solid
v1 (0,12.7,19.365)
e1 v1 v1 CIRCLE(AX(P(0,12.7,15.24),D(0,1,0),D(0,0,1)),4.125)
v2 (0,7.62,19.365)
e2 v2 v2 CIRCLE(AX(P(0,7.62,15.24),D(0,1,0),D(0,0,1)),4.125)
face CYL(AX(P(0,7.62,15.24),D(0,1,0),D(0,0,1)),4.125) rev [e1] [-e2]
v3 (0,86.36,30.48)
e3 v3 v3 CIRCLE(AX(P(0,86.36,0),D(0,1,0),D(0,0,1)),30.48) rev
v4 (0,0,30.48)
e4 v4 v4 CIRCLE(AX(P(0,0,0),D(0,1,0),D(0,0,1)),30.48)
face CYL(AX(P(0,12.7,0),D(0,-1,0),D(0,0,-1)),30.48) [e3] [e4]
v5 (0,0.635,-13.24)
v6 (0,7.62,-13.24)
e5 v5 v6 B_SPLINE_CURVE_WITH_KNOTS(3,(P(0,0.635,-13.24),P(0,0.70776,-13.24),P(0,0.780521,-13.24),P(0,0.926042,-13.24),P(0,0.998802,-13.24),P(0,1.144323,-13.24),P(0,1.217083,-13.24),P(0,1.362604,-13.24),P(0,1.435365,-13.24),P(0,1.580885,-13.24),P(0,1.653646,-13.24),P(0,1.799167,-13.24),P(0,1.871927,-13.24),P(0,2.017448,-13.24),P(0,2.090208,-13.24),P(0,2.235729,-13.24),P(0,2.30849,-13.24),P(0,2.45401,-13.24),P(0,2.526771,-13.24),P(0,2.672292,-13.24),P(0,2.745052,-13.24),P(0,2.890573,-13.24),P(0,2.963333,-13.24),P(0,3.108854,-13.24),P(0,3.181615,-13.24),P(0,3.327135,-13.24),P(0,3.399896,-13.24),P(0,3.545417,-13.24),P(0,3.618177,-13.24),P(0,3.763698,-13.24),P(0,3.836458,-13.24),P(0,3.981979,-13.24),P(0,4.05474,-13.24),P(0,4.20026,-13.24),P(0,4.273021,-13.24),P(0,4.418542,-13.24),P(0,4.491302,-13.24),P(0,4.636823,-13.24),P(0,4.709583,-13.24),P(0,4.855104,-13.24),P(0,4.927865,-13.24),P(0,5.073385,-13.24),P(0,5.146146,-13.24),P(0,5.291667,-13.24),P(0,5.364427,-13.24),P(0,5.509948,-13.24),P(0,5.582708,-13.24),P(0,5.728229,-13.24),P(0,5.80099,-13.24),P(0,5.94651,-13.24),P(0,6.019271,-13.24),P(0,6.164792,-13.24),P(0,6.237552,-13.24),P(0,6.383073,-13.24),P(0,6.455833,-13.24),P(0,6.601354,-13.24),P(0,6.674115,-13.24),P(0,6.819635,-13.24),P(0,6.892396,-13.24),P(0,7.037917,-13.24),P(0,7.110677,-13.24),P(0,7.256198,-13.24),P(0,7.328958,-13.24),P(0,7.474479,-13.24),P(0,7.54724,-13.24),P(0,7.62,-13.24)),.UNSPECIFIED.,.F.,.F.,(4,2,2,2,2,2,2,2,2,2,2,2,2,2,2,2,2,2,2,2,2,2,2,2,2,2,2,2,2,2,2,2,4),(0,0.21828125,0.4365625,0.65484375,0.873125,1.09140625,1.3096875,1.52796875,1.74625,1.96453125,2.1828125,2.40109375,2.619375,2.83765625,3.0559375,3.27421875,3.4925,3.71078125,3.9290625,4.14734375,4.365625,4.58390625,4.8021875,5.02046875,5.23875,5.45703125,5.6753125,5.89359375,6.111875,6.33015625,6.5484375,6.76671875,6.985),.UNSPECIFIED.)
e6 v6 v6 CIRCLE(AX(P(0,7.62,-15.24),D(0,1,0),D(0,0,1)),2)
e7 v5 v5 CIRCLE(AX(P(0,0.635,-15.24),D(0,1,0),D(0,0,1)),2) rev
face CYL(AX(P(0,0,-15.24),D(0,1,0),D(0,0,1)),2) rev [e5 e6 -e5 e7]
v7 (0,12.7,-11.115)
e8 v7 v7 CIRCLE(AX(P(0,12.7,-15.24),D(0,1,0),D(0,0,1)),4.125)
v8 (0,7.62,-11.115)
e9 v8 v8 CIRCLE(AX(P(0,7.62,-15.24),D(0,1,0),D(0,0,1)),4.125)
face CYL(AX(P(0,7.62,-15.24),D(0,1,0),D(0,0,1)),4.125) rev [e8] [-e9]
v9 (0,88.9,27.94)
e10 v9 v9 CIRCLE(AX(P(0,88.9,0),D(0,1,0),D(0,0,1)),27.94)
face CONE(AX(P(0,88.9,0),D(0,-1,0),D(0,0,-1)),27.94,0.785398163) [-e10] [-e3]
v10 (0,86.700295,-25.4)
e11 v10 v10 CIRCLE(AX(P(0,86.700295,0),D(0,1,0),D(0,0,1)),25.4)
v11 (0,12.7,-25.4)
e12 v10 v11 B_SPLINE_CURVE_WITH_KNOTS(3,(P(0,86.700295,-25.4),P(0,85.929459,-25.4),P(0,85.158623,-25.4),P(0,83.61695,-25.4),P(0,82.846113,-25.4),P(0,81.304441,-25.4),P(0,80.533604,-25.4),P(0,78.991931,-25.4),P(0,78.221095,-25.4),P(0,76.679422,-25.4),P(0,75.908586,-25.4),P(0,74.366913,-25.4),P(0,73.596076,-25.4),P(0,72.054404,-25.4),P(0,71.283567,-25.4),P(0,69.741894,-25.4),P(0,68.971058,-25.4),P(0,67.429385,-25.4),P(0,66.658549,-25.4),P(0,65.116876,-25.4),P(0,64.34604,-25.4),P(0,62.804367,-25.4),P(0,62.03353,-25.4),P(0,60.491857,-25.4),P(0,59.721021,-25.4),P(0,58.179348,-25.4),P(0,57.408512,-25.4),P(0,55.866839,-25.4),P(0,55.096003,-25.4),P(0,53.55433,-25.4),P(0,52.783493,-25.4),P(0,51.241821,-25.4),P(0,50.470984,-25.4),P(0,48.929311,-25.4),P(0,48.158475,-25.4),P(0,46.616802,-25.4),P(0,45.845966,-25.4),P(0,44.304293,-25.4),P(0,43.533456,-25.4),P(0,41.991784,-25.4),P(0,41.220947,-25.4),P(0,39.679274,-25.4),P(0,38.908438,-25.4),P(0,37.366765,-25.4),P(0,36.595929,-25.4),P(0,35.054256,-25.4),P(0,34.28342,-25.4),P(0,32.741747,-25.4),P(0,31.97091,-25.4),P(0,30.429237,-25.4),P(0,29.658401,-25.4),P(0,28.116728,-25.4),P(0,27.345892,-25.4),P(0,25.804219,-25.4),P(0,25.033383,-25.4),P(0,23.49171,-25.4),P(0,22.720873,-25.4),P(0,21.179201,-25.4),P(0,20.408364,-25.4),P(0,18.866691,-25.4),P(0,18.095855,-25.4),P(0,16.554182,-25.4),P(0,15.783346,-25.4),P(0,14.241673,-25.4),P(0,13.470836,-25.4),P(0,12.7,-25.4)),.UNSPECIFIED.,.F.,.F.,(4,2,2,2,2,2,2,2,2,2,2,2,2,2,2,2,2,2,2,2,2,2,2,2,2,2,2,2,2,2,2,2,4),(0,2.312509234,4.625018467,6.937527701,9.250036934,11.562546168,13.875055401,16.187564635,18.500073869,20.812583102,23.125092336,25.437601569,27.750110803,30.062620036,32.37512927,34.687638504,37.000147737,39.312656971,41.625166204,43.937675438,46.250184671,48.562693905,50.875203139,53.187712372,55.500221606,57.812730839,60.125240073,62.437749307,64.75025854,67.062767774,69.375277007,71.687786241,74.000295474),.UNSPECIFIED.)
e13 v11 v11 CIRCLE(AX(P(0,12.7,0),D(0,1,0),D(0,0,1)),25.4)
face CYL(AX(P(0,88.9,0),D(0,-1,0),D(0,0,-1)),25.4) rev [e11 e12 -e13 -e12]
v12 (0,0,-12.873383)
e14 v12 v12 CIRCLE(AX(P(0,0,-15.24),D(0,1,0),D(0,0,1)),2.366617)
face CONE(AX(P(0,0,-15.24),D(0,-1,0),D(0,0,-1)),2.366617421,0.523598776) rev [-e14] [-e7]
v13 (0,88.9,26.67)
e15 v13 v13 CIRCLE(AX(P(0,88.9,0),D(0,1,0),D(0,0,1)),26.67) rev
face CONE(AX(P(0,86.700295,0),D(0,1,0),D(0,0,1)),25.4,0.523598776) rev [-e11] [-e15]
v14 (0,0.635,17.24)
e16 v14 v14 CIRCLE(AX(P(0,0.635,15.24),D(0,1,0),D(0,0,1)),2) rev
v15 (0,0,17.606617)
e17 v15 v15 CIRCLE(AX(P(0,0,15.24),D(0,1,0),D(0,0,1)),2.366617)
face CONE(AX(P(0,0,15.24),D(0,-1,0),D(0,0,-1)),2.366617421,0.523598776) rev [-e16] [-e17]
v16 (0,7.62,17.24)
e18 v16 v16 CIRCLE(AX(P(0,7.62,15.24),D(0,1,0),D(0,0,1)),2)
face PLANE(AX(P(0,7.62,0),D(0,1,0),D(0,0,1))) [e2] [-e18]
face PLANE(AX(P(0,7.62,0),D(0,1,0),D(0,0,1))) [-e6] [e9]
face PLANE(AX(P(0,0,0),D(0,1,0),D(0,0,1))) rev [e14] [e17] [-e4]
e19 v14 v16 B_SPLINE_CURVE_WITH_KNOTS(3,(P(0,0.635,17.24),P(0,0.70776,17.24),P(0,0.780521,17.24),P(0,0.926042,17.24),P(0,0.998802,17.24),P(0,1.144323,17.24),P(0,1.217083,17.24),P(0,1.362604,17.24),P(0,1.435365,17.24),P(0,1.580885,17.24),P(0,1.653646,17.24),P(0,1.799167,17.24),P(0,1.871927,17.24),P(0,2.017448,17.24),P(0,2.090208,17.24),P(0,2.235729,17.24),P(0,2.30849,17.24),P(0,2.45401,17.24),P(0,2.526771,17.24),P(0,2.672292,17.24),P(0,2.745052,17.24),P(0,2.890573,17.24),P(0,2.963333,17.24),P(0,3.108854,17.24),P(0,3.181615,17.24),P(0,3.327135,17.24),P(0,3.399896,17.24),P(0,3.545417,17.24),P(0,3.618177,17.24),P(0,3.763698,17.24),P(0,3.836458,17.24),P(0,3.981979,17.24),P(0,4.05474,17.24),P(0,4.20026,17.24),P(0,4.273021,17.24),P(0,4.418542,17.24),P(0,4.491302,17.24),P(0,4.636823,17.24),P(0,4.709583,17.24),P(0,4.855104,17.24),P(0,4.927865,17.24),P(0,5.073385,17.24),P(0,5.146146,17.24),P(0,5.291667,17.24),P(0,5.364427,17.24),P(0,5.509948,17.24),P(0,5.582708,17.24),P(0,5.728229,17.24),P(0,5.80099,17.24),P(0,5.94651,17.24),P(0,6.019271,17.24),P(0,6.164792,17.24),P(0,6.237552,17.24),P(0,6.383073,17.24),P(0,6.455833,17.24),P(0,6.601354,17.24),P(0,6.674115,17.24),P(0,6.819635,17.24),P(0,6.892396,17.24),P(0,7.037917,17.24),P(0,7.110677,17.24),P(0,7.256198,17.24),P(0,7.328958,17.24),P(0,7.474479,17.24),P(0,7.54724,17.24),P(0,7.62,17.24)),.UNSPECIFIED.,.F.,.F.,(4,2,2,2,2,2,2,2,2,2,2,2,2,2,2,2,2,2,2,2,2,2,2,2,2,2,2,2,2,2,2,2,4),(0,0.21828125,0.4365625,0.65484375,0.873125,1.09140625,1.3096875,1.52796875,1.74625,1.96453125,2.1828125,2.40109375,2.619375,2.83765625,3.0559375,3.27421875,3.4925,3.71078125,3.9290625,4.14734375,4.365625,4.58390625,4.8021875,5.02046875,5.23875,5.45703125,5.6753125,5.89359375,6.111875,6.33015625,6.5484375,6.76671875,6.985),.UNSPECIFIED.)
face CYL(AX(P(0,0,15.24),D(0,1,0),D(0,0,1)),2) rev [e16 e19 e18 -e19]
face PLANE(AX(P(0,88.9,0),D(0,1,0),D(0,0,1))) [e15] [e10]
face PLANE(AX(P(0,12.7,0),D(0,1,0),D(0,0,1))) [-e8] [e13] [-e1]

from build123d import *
from OCP.BRepFilletAPI import BRepFilletAPI_MakeChamfer

# Parameters (mm, degrees)
SKETCH2_R           = 30.48
BOSS_EXTRUDE2_DEPTH = 12.7
SKETCH3_R           = 4.125
CUT_EXTRUDE1_DEPTH  = 5.08
SKETCH4_R           = 2
CUT_EXTRUDE2_DEPTH  = 44.773567367
SKETCH5_R           = 30.48
SKETCH5_R_2         = 25.4
BOSS_EXTRUDE3_DEPTH = 76.2
CHAMFER1_SIZE       = 1.27
CHAMFER1_SIZE2      = 2.199704526
CHAMFER2_SIZE       = 2.54
CHAMFER3_SIZE       = 0.635
CHAMFER3_SIZE2      = 0.366617421


with BuildPart() as part:
    # Sketch2 → Boss-Extrude2 (new body)
    with BuildSketch(Plane(origin=(0, 0, 0), x_dir=(1, 0, 0), z_dir=(0, 1, 0))):
        with Locations(Location((0, 0, 0), (0, 0, 270))):
            Circle(SKETCH2_R)
    extrude(amount=BOSS_EXTRUDE2_DEPTH)

    # Sketch3 → Cut-Extrude1 (cut)
    with BuildSketch(Plane(origin=(0, 12.7, 0), x_dir=(1, 0, 0), z_dir=(0, 1, 0))):
        with Locations(Location((0, 15.24, 0), (0, 0, 270))):
            Circle(SKETCH3_R)
        with Locations(Location((0, -15.24, 0), (0, 0, 270))):
            Circle(SKETCH3_R)
    extrude(amount=-CUT_EXTRUDE1_DEPTH, mode=Mode.SUBTRACT)

    # Sketch4 → Cut-Extrude2 (cut, through all)
    with BuildSketch(Plane(origin=(0, 7.62, 0), x_dir=(1, 0, 0), z_dir=(0, 1, 0))):
        with Locations(Location((0, 15.24, 0), (0, 0, 270))):
            Circle(SKETCH4_R)
        with Locations(Location((0, -15.24, 0), (0, 0, 270))):
            Circle(SKETCH4_R)
    extrude(amount=-CUT_EXTRUDE2_DEPTH, mode=Mode.SUBTRACT)

    # Sketch5 → Boss-Extrude3 (add)
    with BuildSketch(Plane(origin=(0, 12.7, 0), x_dir=(1, 0, 0), z_dir=(0, 1, 0))):
        with Locations(Location((0, 0, 0), (0, 0, 270))):
            Circle(SKETCH5_R)
        with Locations(Location((0, 0, 0), (0, 0, 90))):
            Circle(SKETCH5_R_2, mode=Mode.SUBTRACT)
    extrude(amount=BOSS_EXTRUDE3_DEPTH)

    # Chamfer1
    chamfer1_edges = [part.edges().sort_by_distance(p)[0] for p in [
        (0, 88.9, 25.4),
    ]]
    chamfer1_side = [part.faces().sort_by_distance(p)[0] for p in [
        (0, 88.9, -29.617895412),
    ]]
    chamfer(chamfer1_edges, length=CHAMFER1_SIZE, length2=CHAMFER1_SIZE2, reference=chamfer1_side[0])

    # Chamfer2
    chamfer2_edges = [part.edges().sort_by_distance(p)[0] for p in [
        (0, 88.9, -30.48),
    ]]
    chamfer(chamfer2_edges, length=CHAMFER2_SIZE)

    # Chamfer3: one chamfer whose edges measure the first distance from different faces: ONE call of the kernel's chamfer builder (chamfer() names one face for all edges)
    chamfer3_edges_1 = [part.edges().sort_by_distance(p)[0] for p in [
        (0, 0, -17.24),
    ]]
    chamfer3_side_1 = [part.faces().sort_by_distance(p)[0] for p in [
        (0, 3.81, -17.24),
    ]]
    chamfer3_edges_2 = [part.edges().sort_by_distance(p)[0] for p in [
        (0, 0, 13.24),
    ]]
    chamfer3_side_2 = [part.faces().sort_by_distance(p)[0] for p in [
        (0, 3.81, 13.24),
    ]]
    chamfer3 = BRepFilletAPI_MakeChamfer(part.part.solid().wrapped)
    for e in chamfer3_edges_1:
        chamfer3.Add(CHAMFER3_SIZE, CHAMFER3_SIZE2, e.wrapped, chamfer3_side_1[0].wrapped)  # the first distance lies on this face
    for e in chamfer3_edges_2:
        chamfer3.Add(CHAMFER3_SIZE, CHAMFER3_SIZE2, e.wrapped, chamfer3_side_2[0].wrapped)  # the first distance lies on this face
    add(Compound.cast(chamfer3.Shape()), mode=Mode.REPLACE)


solid = part.part
